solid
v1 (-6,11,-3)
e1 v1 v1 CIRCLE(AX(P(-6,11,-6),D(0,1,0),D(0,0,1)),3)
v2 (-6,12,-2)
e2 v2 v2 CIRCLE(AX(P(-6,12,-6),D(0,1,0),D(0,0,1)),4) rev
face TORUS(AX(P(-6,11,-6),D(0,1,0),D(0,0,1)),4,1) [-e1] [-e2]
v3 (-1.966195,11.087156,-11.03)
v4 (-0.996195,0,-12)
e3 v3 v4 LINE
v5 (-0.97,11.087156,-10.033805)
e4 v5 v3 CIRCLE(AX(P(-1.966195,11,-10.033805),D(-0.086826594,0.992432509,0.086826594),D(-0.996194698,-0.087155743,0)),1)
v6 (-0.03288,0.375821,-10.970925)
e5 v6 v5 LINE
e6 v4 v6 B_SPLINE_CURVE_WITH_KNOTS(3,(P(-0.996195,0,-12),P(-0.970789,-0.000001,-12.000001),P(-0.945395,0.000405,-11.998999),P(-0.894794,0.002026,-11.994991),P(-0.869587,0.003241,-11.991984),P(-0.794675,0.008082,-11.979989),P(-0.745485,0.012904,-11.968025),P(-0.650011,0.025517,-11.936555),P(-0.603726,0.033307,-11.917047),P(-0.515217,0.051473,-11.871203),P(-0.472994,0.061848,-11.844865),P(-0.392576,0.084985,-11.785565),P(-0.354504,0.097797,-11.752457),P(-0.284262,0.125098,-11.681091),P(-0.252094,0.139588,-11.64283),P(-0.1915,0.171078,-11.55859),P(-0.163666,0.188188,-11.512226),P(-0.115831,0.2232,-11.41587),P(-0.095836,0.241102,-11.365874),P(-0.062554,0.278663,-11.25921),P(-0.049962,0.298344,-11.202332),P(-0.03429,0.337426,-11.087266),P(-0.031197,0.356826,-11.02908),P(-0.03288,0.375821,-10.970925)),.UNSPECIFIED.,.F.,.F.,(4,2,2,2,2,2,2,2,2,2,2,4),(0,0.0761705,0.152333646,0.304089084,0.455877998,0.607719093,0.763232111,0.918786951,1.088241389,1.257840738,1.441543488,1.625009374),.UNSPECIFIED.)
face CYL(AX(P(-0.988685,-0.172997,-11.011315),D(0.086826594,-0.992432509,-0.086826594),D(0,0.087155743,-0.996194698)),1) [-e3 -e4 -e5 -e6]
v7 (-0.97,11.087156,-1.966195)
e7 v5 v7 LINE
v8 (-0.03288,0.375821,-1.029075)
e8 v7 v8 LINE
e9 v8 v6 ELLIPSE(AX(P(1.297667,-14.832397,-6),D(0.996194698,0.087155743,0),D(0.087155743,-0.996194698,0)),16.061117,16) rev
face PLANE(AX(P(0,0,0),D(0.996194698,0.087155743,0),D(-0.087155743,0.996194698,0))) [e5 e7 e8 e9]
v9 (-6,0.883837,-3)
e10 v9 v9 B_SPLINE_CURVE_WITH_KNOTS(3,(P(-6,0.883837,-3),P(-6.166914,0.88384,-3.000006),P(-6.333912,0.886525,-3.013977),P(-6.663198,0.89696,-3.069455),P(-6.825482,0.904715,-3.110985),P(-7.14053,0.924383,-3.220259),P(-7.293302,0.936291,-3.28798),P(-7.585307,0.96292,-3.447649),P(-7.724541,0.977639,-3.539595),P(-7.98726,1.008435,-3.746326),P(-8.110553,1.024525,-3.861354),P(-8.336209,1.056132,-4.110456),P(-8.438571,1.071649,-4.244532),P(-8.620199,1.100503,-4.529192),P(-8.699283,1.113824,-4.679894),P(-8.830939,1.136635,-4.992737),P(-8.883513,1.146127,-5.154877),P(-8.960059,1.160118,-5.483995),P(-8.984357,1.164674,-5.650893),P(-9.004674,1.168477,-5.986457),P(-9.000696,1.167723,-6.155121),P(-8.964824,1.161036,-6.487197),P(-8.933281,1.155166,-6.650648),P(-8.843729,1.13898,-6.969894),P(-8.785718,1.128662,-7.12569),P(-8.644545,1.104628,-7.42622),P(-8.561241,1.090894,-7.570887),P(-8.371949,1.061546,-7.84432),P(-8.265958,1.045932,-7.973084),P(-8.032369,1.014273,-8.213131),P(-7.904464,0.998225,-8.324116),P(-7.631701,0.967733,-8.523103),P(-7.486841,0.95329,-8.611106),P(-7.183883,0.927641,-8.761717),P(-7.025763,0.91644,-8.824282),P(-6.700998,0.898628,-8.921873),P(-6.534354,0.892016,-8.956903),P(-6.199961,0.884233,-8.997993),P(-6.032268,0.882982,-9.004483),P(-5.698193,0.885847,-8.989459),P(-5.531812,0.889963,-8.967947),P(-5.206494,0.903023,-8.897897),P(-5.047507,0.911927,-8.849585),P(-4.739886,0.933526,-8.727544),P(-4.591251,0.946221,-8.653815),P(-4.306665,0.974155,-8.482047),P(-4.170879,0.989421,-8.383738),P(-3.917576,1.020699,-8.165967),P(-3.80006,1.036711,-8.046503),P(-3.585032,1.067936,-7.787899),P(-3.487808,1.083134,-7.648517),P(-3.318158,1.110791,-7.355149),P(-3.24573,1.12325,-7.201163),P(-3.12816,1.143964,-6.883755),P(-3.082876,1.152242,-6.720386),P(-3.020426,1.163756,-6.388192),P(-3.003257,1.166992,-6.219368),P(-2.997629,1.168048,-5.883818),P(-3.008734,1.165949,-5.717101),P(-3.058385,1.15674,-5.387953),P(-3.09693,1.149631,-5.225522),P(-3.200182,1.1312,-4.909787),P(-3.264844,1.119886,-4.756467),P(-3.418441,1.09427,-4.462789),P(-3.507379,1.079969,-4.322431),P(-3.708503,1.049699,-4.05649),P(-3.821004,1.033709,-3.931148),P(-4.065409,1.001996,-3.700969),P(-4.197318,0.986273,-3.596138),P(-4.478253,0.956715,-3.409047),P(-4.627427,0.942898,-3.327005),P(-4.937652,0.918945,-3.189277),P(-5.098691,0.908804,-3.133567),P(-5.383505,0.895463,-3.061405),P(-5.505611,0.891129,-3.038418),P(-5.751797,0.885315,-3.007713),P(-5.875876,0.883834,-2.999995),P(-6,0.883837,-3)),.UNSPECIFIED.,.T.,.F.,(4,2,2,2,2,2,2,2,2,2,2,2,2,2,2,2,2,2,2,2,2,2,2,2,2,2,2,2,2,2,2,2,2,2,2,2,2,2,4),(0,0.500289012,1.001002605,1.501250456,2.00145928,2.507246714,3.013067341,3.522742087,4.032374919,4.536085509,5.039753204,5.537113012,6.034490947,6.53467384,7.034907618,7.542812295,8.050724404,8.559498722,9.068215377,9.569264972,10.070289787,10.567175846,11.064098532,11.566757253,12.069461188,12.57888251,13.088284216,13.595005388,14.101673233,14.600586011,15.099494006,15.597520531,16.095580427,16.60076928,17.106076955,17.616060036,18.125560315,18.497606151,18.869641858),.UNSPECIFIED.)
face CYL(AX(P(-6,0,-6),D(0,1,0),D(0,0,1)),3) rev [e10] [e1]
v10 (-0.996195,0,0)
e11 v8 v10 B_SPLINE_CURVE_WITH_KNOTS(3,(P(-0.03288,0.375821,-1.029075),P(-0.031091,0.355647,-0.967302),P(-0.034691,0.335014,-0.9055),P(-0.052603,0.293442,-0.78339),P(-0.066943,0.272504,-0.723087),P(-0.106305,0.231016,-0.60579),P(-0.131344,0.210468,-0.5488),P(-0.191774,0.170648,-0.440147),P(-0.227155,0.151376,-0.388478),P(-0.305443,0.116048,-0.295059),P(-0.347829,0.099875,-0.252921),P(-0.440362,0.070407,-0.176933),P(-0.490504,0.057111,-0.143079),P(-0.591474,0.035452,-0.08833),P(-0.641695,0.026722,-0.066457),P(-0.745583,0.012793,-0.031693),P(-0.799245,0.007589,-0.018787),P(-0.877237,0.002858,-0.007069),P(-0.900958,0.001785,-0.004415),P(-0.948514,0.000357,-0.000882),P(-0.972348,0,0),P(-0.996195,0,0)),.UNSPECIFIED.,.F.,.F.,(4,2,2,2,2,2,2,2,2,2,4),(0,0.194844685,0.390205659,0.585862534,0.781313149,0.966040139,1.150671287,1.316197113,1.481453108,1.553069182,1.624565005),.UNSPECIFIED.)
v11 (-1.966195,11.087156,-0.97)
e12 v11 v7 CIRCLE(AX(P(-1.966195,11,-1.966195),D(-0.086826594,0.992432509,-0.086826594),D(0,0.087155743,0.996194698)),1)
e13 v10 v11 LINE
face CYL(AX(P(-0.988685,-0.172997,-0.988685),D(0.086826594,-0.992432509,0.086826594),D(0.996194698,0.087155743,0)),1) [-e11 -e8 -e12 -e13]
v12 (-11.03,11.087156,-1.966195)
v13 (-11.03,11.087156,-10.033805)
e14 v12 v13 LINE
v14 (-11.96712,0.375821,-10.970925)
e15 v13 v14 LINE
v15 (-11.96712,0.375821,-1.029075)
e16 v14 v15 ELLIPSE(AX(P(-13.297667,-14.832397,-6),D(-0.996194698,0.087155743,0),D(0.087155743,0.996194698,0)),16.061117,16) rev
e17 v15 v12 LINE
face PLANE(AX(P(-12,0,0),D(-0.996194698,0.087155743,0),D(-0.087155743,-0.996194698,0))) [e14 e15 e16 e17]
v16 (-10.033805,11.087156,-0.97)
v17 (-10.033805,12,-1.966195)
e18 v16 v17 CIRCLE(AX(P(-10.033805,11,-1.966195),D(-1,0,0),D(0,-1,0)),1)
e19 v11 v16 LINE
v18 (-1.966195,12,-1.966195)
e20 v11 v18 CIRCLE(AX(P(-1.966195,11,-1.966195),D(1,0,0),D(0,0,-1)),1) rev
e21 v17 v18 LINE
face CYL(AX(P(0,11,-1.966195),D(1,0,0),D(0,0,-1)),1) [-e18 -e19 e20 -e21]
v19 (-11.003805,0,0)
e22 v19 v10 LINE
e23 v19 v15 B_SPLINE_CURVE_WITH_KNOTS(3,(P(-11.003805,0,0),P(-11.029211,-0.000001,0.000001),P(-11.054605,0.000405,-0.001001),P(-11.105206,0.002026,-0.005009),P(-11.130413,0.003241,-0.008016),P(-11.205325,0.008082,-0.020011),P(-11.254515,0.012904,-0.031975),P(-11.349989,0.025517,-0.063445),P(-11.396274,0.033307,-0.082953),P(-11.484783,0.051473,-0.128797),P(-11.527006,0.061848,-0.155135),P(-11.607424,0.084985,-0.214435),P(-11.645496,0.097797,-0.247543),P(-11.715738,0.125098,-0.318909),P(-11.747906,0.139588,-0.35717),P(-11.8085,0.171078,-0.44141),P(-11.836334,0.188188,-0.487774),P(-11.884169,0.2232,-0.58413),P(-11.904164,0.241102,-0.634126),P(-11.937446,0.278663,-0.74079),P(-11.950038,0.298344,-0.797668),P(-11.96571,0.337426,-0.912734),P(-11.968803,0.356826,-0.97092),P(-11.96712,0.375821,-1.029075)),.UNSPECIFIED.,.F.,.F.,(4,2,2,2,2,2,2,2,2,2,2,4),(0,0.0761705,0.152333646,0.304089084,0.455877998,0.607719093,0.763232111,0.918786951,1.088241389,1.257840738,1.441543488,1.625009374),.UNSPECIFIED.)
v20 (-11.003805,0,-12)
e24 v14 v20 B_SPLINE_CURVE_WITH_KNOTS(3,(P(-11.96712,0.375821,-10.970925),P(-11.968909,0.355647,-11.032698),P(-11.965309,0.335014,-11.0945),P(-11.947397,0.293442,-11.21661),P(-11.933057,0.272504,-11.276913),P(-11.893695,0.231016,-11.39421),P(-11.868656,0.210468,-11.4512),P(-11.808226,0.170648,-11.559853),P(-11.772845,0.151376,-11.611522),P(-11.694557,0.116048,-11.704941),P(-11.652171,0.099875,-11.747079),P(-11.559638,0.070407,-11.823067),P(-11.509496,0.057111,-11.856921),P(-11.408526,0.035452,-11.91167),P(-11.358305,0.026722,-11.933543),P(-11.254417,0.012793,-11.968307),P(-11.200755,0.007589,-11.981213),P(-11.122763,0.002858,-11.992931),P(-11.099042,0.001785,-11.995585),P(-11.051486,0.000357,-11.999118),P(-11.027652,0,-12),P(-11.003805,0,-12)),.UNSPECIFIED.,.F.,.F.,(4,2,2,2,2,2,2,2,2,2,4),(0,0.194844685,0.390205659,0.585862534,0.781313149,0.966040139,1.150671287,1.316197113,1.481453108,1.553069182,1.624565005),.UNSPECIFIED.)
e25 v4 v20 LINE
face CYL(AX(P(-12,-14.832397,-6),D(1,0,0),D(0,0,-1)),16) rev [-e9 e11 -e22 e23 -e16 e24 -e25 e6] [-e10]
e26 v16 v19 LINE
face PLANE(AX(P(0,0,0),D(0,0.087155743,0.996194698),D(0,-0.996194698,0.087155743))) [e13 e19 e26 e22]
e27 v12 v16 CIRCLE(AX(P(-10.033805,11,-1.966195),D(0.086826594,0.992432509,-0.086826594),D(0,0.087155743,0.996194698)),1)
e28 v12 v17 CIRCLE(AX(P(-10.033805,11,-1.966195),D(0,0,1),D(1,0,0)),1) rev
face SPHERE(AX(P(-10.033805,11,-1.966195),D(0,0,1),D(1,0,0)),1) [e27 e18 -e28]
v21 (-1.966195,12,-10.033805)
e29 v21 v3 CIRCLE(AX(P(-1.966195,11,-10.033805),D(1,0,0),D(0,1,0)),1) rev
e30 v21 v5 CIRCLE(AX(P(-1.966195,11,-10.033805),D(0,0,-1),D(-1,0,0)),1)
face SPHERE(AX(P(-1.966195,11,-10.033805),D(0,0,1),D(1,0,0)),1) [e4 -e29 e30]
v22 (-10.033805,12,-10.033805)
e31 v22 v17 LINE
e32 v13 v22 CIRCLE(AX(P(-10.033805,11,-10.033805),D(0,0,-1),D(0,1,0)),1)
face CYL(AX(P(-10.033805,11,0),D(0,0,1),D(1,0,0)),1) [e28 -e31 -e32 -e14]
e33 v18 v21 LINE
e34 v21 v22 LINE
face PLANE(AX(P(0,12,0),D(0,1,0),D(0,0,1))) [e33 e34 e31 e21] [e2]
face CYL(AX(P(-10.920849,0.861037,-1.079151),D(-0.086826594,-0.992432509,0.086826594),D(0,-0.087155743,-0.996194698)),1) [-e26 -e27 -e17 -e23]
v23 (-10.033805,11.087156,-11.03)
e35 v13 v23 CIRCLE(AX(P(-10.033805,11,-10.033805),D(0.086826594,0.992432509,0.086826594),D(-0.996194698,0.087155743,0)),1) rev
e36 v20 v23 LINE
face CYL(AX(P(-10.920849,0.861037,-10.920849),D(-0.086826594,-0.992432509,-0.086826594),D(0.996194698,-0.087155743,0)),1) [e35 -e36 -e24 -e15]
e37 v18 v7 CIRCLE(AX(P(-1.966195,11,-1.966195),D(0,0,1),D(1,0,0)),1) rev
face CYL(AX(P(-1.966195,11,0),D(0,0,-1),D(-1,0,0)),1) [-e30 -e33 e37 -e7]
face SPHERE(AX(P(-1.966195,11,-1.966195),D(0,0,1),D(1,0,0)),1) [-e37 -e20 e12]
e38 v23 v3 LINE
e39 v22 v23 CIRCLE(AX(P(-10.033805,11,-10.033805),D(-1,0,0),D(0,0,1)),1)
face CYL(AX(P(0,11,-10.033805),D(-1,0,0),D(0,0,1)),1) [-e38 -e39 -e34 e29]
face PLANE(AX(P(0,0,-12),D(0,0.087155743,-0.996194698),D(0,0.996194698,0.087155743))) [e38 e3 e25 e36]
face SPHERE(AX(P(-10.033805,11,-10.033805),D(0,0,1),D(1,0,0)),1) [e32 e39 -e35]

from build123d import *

# Parameters (mm, degrees)
SKETCH1_W           = 12
SKETCH1_H           = 12
BOSS_EXTRUDE1_DEPTH = 12
BOSS_EXTRUDE1_TAPER = 5
SKETCH2_R           = 3
CUT_EXTRUDE1_DEPTH  = 21.784609864
FILLET1_R           = 1
SKETCH3_R           = 16
CUT_EXTRUDE2_DEPTH  = 21.784609864


with BuildPart() as part:
    # Sketch1 → Boss-Extrude1 (new body)
    with BuildSketch(Plane(origin=(0, 0, 0), x_dir=(1, 0, 0), z_dir=(0, 1, 0))):
        with Locations((-6, 6)):
            Rectangle(SKETCH1_W, SKETCH1_H)
    extrude(amount=BOSS_EXTRUDE1_DEPTH, taper=BOSS_EXTRUDE1_TAPER)

    # Sketch2 → Cut-Extrude1 (cut, through all)
    with BuildSketch(Plane(origin=(0, 12, 0), x_dir=(1, 0, 0), z_dir=(0, 1, 0))):
        with Locations(Location((-6, 6, 0), (0, 0, 270))):
            Circle(SKETCH2_R)
    extrude(amount=-CUT_EXTRUDE1_DEPTH, mode=Mode.SUBTRACT)

    # Fillet1
    fillet1_edges = [part.edges().sort_by_distance(p)[0] for p in [
        (-10.950136038, 12, -6),
        (-6, 12, -1.049863962),
        (-6, 12, -9),
        (-1.049863962, 12, -6),
        (-6, 12, -10.950136038),
        (-0.524931981, 6, -0.524931981),
        (-11.475068019, 6, -0.524931981),
        (-11.475068019, 6, -11.475068019),
        (-0.524931981, 6, -11.475068019),
    ]]
    fillet(fillet1_edges, radius=FILLET1_R)

    # Sketch3 → Cut-Extrude2 (cut, through all)
    with BuildSketch(Plane(origin=(0, 0, 0), x_dir=(0, 0, -1), z_dir=(1, 0, 0))):
        with Locations((6, -14.832396974)):
            Circle(SKETCH3_R)
    extrude(amount=-CUT_EXTRUDE2_DEPTH, mode=Mode.SUBTRACT)


solid = part.part
